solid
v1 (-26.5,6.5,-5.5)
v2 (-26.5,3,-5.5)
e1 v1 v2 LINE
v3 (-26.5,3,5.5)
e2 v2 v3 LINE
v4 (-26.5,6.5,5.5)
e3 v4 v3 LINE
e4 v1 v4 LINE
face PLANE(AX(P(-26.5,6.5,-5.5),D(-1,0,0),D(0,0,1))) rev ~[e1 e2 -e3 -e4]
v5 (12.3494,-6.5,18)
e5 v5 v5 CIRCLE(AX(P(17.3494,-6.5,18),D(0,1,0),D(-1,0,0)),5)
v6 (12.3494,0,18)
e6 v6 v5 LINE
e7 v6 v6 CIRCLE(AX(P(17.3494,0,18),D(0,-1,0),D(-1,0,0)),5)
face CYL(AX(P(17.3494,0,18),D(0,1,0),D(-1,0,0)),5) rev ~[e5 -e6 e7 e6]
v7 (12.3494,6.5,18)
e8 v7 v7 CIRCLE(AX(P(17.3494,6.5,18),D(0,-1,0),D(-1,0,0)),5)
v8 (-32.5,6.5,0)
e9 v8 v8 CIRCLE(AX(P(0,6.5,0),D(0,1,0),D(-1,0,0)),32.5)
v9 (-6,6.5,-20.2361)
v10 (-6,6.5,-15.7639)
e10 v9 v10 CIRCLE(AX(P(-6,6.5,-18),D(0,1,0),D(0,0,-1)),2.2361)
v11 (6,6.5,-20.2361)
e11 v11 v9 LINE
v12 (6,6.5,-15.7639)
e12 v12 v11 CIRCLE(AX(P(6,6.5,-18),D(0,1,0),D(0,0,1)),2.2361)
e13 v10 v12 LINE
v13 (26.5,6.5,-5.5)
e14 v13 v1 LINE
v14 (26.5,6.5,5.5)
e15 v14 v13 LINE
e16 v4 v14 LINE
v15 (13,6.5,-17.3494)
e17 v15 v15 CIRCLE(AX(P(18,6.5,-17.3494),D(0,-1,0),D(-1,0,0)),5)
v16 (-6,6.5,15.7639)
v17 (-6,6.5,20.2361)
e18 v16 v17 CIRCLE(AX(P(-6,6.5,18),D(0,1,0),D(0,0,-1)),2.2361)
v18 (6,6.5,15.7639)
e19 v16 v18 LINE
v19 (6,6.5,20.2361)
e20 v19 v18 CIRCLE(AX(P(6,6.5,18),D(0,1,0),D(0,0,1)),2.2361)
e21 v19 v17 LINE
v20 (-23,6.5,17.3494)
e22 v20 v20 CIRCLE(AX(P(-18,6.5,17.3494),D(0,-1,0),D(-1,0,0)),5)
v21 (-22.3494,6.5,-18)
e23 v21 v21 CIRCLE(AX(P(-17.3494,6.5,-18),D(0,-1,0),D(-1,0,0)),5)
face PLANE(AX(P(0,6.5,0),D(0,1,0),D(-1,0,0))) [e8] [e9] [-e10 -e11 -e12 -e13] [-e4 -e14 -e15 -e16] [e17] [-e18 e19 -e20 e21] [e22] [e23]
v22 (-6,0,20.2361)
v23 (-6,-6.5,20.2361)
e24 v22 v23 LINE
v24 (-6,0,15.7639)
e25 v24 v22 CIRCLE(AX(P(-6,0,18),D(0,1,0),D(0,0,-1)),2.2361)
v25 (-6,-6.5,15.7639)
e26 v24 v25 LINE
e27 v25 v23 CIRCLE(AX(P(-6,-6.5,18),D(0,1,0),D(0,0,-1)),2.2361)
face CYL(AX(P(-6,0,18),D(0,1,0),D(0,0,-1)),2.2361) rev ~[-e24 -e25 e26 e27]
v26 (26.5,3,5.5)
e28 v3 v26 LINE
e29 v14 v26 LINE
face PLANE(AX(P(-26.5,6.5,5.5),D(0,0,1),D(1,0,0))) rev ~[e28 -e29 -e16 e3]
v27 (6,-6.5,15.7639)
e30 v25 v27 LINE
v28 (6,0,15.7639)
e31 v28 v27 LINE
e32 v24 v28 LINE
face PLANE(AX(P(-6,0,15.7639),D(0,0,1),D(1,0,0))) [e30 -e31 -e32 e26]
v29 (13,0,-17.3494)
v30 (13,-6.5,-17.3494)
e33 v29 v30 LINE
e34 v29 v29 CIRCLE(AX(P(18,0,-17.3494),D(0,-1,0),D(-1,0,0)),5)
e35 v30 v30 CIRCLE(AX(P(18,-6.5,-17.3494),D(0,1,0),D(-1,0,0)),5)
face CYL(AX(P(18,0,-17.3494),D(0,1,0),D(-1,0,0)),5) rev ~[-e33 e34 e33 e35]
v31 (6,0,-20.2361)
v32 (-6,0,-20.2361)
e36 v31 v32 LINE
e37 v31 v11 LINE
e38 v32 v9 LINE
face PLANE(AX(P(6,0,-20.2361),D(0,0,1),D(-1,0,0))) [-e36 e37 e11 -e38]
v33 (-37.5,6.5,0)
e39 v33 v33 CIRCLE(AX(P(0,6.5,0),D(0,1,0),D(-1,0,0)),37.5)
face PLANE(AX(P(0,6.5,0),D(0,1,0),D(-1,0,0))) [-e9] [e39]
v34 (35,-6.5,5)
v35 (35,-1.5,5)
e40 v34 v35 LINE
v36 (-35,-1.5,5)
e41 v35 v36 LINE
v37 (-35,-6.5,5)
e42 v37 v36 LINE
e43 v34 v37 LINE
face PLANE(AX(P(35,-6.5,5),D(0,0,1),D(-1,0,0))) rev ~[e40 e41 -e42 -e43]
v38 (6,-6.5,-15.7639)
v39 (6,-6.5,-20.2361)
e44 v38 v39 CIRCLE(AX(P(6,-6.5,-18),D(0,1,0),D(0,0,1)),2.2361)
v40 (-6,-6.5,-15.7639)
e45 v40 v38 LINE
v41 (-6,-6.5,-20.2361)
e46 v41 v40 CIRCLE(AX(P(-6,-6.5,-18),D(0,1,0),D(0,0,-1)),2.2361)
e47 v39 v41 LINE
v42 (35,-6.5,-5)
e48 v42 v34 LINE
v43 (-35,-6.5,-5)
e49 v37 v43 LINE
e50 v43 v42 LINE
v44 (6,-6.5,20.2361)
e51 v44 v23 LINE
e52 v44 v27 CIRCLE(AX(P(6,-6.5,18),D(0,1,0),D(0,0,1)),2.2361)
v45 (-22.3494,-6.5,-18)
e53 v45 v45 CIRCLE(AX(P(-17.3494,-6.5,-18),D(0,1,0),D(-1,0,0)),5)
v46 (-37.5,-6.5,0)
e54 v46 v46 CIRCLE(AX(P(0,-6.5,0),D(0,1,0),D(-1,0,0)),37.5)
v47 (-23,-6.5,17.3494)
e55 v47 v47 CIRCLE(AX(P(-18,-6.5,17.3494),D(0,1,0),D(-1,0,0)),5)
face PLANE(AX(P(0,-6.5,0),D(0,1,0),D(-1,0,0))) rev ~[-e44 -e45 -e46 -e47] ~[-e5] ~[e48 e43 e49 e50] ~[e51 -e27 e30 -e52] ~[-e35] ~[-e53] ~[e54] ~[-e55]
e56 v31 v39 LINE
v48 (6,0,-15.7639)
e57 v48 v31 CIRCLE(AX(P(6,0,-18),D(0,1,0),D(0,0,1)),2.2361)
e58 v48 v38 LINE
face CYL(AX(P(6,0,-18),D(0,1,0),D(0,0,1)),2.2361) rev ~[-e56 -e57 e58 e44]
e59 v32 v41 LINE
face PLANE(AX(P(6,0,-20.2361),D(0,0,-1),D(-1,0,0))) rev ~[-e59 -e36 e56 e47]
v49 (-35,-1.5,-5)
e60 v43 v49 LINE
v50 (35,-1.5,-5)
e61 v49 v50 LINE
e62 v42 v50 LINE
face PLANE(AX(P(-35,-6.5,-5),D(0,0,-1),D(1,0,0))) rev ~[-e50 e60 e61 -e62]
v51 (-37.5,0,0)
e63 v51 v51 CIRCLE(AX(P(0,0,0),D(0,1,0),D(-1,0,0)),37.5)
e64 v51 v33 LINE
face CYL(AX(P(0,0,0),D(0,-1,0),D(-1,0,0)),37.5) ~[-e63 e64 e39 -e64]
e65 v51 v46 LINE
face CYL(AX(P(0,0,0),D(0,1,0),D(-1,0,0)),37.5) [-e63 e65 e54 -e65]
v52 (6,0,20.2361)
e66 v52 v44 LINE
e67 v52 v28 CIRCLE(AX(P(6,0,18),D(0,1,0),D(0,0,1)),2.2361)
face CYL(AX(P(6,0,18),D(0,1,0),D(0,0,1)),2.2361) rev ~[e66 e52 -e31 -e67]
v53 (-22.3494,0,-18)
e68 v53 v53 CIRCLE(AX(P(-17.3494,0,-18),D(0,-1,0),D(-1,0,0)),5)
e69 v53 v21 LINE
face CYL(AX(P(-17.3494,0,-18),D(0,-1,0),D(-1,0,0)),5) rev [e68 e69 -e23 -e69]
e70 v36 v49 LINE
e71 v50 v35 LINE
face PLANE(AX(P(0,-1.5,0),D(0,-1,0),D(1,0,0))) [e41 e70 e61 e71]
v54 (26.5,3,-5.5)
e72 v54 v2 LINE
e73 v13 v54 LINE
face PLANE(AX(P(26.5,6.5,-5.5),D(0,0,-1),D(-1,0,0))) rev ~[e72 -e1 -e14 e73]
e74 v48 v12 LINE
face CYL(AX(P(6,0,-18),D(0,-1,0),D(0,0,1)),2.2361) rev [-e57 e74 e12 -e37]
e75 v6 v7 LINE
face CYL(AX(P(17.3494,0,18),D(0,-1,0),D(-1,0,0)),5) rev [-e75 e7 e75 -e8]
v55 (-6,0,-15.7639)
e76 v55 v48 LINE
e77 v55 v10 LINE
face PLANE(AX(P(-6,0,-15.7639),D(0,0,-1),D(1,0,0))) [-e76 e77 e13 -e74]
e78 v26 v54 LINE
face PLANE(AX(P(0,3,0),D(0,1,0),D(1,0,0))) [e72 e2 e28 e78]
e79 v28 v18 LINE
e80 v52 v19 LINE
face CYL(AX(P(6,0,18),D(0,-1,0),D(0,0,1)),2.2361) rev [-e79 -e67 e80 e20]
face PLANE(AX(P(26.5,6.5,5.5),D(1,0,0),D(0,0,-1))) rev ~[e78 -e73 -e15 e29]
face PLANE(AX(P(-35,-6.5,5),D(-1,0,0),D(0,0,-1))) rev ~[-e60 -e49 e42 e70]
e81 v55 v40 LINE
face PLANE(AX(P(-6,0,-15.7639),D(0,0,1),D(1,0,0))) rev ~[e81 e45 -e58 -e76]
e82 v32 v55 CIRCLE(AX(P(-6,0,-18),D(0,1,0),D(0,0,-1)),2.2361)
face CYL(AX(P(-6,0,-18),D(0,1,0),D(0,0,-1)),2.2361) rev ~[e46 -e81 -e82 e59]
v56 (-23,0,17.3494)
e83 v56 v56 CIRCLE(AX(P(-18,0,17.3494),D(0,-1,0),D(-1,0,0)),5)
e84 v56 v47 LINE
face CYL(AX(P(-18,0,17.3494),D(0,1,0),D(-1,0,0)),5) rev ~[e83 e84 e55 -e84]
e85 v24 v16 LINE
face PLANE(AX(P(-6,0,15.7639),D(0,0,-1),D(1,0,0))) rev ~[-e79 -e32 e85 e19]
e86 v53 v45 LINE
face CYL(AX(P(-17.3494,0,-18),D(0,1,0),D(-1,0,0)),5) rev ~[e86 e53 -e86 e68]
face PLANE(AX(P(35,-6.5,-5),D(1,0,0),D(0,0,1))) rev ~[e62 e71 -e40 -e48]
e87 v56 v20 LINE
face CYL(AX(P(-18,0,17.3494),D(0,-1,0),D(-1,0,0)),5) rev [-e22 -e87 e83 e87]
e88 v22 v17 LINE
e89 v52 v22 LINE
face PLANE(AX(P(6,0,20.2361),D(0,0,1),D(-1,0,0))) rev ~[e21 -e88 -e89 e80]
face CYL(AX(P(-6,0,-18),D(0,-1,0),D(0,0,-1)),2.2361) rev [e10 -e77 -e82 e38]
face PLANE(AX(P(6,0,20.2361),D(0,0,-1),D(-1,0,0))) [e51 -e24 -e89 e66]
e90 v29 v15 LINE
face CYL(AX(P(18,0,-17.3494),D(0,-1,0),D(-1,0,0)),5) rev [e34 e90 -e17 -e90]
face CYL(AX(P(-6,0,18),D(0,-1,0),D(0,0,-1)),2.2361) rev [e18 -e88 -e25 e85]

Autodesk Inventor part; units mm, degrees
ref_plane "YZ Plane" through (0, 0, 0) normal (1, 0, 0) x (0, 1, 0)
ref_plane "XZ Plane" through (0, 0, 0) normal (0, 1, 0) x (-1, 0, 0)
ref_plane "XY Plane" through (0, 0, 0) normal (0, 0, 1) x (1, 0, 0)
sketch "Sketch1" plane through (0, 0, 0) normal (0, 1, 0) x (-1, 0, 0)
  circle A0 centre (0, 0) radius 32.5
  circle A1 centre (0, 0) radius 25
  circle A2 centre (17.3494, -18) radius 5
  circle A3 centre (18, 17.3494) radius 5
  circle A4 centre (-17.3494, 18) radius 5
  circle A5 centre (-18, -17.3494) radius 5
  line L0 (6, -18) -> (-6, -18) construction
  line L1 (6, -15.7639) -> (-6, -15.7639)
  line L2 (-6, -20.2361) -> (6, -20.2361)
  arc A6 (6, -20.2361) -> (6, -15.7639) centre (6, -18) ccw
  arc A7 (-6, -15.7639) -> (-6, -20.2361) centre (-6, -18) ccw
  line L3 (-25, 0) -> (25, 0) construction
  line L4 (6, 15.7639) -> (-6, 15.7639)
  line L5 (-6, 20.2361) -> (6, 20.2361)
  arc A8 (6, 15.7639) -> (6, 20.2361) centre (6, 18) ccw
  arc A9 (-6, 20.2361) -> (-6, 15.7639) centre (-6, 18) ccw
  circle A10 centre (0, 0) radius 37.5
  point P0 (0, -18)
  dimension "d0" = 65
  dimension "d1" = 50
  dimension "d2" = 10
  dimension "d5" = 360
  dimension "d7" = 35.3494
  dimension "d11" = 17.3494
  dimension "d12" = 11.3493
  dimension "d16" = 18
  dimension "d17" = 2.2361
  dimension "d18" = 18
  dimension "d19" = 75
extrude "Extrusion1" add sketch "Sketch1" against normal blind 6.5 contours A0 | A1 A2 A5 A4 A3
extrude "Extrusion2" add sketch "Sketch1" along normal blind 6.5 and the other way blind 6.5 contours A10
sketch "Sketch2" plane through (0, -6.5, 0) normal (0, -1, 0) x (1, 0, 0)
  line L0 (35, 5) -> (-35, 5)
  line L1 (-35, 5) -> (-35, -5)
  line L2 (-35, -5) -> (35, -5)
  line L3 (35, -5) -> (35, 5)
  line L4 (35, 5) -> (-35, -5) construction
  line L5 (-35, 5) -> (35, -5) construction
  point P0 (0, 0)
  dimension "d24" = 10
  dimension "d25" = 70
extrude "Extrusion3" cut sketch "Sketch2" against normal blind 5
extrude "Extrusion4" add sketch "Sketch1" along normal blind 6.5 contours A0 | A1 A2 A5 A4 A3
sketch "Sketch3" plane through (0, 6.5, 0) normal (0, 1, 0) x (1, 0, 0)
  line L0 (-26.5, -5.5) -> (26.5, -5.5)
  line L1 (26.5, -5.5) -> (26.5, 5.5)
  line L2 (26.5, 5.5) -> (-26.5, 5.5)
  line L3 (-26.5, 5.5) -> (-26.5, -5.5)
  line L4 (-26.5, -5.5) -> (26.5, 5.5) construction
  line L5 (26.5, -5.5) -> (-26.5, 5.5) construction
  point P0 (0, 0)
  dimension "d32" = 11
  dimension "d33" = 53
extrude "Extrusion5" cut sketch "Sketch3" against normal blind 3.5
properties part number "case_top"
